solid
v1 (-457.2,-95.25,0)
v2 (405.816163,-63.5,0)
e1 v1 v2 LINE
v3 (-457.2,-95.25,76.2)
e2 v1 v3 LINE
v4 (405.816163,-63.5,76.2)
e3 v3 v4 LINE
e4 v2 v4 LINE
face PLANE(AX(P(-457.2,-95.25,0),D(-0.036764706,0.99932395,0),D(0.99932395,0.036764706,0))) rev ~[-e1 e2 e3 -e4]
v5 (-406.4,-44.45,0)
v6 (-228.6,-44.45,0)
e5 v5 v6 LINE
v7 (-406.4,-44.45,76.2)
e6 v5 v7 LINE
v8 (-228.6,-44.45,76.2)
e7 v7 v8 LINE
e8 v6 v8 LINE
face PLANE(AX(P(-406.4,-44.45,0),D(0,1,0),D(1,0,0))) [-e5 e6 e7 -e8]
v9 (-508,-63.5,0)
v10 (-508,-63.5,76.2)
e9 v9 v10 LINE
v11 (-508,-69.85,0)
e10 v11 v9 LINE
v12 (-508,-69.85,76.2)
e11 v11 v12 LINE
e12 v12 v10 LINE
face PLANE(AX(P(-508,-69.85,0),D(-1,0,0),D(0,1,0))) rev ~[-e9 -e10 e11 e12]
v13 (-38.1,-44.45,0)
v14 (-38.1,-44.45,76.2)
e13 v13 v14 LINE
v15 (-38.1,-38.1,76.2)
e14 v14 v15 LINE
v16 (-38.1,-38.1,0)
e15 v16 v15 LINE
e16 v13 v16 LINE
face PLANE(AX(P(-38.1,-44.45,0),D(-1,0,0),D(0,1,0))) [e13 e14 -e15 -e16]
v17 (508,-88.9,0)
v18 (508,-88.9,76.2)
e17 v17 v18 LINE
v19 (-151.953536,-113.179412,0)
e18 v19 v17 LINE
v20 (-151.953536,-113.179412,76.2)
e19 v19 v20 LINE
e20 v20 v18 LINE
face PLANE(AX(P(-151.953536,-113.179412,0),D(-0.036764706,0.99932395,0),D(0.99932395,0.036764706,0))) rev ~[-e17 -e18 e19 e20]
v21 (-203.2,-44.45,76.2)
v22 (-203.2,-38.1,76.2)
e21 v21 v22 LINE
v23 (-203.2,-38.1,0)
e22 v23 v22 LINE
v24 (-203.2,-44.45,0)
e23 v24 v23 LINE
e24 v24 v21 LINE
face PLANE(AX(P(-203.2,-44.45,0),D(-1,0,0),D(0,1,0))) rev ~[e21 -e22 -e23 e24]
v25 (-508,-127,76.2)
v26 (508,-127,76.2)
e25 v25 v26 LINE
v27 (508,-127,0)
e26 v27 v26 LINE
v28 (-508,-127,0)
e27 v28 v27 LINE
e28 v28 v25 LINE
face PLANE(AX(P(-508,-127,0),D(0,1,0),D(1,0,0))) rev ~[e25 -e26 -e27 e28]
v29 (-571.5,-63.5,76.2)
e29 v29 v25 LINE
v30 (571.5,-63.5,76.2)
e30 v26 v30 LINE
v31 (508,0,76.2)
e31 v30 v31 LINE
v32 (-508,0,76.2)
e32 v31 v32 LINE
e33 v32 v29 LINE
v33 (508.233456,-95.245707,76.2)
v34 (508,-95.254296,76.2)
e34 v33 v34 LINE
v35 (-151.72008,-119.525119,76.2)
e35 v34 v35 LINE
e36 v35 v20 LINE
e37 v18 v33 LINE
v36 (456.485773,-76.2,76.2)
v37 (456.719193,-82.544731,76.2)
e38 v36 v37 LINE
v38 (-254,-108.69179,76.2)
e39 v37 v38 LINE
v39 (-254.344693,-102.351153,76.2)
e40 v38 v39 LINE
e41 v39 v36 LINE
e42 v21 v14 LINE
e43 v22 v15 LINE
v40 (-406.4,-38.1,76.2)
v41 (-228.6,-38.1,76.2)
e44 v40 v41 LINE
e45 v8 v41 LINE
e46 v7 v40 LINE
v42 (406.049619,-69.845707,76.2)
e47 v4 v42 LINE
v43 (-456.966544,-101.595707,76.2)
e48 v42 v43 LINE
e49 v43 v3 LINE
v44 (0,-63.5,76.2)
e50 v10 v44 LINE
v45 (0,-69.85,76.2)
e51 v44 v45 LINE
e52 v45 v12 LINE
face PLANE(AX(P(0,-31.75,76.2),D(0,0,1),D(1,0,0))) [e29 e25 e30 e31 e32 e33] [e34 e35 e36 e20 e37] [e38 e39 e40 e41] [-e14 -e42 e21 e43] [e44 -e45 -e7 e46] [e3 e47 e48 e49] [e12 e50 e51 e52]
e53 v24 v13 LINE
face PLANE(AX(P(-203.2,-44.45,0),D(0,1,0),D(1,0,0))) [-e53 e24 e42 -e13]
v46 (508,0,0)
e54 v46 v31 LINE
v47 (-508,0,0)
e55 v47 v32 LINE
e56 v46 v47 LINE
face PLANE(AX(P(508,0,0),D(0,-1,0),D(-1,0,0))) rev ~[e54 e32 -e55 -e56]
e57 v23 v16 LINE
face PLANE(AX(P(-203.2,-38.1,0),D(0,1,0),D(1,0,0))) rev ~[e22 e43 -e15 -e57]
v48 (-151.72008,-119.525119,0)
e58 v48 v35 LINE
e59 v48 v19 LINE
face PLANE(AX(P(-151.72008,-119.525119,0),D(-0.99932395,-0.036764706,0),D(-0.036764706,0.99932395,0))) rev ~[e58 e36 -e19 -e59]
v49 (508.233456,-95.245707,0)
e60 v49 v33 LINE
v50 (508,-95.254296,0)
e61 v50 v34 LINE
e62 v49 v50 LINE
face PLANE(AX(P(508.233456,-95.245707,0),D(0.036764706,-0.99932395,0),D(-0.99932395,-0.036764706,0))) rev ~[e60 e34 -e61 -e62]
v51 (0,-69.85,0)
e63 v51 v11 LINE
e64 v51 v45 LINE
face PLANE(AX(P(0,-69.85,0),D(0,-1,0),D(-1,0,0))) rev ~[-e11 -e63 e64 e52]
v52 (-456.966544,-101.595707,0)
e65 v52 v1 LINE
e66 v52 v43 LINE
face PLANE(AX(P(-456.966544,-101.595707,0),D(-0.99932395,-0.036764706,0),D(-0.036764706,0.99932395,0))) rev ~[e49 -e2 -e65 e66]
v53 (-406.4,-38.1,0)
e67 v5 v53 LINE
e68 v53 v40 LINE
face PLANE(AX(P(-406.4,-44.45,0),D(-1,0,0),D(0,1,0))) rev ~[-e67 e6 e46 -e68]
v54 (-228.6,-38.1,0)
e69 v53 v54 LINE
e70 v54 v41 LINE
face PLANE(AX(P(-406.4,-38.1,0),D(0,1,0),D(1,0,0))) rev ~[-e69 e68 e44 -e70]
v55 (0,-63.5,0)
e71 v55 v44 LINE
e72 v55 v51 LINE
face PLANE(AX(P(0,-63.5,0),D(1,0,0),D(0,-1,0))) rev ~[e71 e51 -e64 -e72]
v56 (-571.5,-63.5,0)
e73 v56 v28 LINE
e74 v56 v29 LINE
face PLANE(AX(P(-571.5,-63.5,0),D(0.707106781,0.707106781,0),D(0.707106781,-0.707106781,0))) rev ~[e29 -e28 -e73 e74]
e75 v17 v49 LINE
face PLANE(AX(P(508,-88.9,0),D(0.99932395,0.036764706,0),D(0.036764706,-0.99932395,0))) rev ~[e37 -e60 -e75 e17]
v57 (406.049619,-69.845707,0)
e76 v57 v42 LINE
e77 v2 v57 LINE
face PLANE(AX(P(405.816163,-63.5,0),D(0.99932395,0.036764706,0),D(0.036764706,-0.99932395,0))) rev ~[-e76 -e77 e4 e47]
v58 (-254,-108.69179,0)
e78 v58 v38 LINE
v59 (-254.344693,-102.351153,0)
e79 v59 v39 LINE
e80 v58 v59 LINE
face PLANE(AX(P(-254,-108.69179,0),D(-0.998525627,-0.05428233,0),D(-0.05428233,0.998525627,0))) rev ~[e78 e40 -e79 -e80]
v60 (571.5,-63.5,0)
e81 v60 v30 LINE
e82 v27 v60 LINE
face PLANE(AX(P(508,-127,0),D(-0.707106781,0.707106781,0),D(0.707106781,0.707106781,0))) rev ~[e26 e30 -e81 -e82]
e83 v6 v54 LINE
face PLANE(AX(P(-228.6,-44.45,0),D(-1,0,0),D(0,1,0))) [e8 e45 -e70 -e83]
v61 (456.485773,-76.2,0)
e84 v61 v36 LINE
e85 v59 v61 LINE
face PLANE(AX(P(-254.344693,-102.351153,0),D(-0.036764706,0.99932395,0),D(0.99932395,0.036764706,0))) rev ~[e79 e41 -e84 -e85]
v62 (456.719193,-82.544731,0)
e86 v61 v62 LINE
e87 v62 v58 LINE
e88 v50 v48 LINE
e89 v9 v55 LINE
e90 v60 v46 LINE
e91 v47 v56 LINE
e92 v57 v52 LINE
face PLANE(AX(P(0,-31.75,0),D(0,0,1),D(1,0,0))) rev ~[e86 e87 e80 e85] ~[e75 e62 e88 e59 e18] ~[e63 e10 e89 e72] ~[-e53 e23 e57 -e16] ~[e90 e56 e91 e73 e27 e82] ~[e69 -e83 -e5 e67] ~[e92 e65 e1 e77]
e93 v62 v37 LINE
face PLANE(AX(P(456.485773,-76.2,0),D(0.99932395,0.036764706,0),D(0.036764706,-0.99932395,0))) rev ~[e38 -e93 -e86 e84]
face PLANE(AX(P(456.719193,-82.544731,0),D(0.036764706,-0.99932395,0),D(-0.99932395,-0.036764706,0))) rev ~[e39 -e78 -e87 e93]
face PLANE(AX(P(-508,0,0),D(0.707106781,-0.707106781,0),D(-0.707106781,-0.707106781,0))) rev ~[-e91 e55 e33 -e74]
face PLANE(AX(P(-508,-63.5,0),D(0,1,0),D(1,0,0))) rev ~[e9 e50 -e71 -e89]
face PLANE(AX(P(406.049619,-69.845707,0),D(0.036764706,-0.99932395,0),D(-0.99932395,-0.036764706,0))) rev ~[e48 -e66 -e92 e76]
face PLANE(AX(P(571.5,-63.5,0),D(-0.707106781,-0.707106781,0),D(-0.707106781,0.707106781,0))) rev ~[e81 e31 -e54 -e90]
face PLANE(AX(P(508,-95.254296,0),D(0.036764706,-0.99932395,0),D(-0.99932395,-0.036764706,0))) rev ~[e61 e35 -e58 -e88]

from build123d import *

# Parameters (mm, degrees)
F0_W     = 177.8
F0_H     = 6.35
F0_W_2   = 165.1
F1_DEPTH = 76.2


with BuildPart() as f1:
    # F0 (on Top) → F1 (new body)
    with BuildSketch(Plane.XY):
        Polygon((508, 0), (-508, 0), (-508, -63.5), (0, -63.5), (405.8161629425, -63.5), (508, -63.5), align=None)
        with Locations((-317.5, -41.275)):
            Rectangle(F0_W, F0_H, mode=Mode.SUBTRACT)
        with Locations((-120.65, -41.275)):
            Rectangle(F0_W_2, F0_H, mode=Mode.SUBTRACT)
        Polygon((-508, -63.5), (-508, 0), (-571.5, -63.5), align=None)
        Polygon((571.5, -63.5), (508, 0), (508, -63.5), align=None)
        Polygon((-508, -69.85), (-508, -63.5), (-571.5, -63.5), (-508, -127), align=None)
        Polygon((571.5, -63.5), (508, -63.5), (508, -88.9), (508.2334558824, -95.2457070805), (508, -95.2542958237), (508, -127), align=None)
        Polygon((508, -88.9), (508, -63.5), (405.8161629425, -63.5), (0, -63.5), (0, -69.85), (-508, -69.85), (-508, -127), (508, -127), (508, -95.2542958237), (-151.7200804854, -119.5251188452), (-151.9535363678, -113.1794117647), align=None)
        Polygon((-457.2, -95.25), (405.8161629425, -63.5), (406.0496188249, -69.8457070805), (-456.9665441176, -101.5957070805), align=None, mode=Mode.SUBTRACT)
        Polygon((456.7191930115, -82.5447314139), (-254, -108.6917902374), (-254.3446927927, -102.351152503), (456.4857730235, -76.2), align=None, mode=Mode.SUBTRACT)
    extrude(amount=F1_DEPTH)


solid = f1.part
